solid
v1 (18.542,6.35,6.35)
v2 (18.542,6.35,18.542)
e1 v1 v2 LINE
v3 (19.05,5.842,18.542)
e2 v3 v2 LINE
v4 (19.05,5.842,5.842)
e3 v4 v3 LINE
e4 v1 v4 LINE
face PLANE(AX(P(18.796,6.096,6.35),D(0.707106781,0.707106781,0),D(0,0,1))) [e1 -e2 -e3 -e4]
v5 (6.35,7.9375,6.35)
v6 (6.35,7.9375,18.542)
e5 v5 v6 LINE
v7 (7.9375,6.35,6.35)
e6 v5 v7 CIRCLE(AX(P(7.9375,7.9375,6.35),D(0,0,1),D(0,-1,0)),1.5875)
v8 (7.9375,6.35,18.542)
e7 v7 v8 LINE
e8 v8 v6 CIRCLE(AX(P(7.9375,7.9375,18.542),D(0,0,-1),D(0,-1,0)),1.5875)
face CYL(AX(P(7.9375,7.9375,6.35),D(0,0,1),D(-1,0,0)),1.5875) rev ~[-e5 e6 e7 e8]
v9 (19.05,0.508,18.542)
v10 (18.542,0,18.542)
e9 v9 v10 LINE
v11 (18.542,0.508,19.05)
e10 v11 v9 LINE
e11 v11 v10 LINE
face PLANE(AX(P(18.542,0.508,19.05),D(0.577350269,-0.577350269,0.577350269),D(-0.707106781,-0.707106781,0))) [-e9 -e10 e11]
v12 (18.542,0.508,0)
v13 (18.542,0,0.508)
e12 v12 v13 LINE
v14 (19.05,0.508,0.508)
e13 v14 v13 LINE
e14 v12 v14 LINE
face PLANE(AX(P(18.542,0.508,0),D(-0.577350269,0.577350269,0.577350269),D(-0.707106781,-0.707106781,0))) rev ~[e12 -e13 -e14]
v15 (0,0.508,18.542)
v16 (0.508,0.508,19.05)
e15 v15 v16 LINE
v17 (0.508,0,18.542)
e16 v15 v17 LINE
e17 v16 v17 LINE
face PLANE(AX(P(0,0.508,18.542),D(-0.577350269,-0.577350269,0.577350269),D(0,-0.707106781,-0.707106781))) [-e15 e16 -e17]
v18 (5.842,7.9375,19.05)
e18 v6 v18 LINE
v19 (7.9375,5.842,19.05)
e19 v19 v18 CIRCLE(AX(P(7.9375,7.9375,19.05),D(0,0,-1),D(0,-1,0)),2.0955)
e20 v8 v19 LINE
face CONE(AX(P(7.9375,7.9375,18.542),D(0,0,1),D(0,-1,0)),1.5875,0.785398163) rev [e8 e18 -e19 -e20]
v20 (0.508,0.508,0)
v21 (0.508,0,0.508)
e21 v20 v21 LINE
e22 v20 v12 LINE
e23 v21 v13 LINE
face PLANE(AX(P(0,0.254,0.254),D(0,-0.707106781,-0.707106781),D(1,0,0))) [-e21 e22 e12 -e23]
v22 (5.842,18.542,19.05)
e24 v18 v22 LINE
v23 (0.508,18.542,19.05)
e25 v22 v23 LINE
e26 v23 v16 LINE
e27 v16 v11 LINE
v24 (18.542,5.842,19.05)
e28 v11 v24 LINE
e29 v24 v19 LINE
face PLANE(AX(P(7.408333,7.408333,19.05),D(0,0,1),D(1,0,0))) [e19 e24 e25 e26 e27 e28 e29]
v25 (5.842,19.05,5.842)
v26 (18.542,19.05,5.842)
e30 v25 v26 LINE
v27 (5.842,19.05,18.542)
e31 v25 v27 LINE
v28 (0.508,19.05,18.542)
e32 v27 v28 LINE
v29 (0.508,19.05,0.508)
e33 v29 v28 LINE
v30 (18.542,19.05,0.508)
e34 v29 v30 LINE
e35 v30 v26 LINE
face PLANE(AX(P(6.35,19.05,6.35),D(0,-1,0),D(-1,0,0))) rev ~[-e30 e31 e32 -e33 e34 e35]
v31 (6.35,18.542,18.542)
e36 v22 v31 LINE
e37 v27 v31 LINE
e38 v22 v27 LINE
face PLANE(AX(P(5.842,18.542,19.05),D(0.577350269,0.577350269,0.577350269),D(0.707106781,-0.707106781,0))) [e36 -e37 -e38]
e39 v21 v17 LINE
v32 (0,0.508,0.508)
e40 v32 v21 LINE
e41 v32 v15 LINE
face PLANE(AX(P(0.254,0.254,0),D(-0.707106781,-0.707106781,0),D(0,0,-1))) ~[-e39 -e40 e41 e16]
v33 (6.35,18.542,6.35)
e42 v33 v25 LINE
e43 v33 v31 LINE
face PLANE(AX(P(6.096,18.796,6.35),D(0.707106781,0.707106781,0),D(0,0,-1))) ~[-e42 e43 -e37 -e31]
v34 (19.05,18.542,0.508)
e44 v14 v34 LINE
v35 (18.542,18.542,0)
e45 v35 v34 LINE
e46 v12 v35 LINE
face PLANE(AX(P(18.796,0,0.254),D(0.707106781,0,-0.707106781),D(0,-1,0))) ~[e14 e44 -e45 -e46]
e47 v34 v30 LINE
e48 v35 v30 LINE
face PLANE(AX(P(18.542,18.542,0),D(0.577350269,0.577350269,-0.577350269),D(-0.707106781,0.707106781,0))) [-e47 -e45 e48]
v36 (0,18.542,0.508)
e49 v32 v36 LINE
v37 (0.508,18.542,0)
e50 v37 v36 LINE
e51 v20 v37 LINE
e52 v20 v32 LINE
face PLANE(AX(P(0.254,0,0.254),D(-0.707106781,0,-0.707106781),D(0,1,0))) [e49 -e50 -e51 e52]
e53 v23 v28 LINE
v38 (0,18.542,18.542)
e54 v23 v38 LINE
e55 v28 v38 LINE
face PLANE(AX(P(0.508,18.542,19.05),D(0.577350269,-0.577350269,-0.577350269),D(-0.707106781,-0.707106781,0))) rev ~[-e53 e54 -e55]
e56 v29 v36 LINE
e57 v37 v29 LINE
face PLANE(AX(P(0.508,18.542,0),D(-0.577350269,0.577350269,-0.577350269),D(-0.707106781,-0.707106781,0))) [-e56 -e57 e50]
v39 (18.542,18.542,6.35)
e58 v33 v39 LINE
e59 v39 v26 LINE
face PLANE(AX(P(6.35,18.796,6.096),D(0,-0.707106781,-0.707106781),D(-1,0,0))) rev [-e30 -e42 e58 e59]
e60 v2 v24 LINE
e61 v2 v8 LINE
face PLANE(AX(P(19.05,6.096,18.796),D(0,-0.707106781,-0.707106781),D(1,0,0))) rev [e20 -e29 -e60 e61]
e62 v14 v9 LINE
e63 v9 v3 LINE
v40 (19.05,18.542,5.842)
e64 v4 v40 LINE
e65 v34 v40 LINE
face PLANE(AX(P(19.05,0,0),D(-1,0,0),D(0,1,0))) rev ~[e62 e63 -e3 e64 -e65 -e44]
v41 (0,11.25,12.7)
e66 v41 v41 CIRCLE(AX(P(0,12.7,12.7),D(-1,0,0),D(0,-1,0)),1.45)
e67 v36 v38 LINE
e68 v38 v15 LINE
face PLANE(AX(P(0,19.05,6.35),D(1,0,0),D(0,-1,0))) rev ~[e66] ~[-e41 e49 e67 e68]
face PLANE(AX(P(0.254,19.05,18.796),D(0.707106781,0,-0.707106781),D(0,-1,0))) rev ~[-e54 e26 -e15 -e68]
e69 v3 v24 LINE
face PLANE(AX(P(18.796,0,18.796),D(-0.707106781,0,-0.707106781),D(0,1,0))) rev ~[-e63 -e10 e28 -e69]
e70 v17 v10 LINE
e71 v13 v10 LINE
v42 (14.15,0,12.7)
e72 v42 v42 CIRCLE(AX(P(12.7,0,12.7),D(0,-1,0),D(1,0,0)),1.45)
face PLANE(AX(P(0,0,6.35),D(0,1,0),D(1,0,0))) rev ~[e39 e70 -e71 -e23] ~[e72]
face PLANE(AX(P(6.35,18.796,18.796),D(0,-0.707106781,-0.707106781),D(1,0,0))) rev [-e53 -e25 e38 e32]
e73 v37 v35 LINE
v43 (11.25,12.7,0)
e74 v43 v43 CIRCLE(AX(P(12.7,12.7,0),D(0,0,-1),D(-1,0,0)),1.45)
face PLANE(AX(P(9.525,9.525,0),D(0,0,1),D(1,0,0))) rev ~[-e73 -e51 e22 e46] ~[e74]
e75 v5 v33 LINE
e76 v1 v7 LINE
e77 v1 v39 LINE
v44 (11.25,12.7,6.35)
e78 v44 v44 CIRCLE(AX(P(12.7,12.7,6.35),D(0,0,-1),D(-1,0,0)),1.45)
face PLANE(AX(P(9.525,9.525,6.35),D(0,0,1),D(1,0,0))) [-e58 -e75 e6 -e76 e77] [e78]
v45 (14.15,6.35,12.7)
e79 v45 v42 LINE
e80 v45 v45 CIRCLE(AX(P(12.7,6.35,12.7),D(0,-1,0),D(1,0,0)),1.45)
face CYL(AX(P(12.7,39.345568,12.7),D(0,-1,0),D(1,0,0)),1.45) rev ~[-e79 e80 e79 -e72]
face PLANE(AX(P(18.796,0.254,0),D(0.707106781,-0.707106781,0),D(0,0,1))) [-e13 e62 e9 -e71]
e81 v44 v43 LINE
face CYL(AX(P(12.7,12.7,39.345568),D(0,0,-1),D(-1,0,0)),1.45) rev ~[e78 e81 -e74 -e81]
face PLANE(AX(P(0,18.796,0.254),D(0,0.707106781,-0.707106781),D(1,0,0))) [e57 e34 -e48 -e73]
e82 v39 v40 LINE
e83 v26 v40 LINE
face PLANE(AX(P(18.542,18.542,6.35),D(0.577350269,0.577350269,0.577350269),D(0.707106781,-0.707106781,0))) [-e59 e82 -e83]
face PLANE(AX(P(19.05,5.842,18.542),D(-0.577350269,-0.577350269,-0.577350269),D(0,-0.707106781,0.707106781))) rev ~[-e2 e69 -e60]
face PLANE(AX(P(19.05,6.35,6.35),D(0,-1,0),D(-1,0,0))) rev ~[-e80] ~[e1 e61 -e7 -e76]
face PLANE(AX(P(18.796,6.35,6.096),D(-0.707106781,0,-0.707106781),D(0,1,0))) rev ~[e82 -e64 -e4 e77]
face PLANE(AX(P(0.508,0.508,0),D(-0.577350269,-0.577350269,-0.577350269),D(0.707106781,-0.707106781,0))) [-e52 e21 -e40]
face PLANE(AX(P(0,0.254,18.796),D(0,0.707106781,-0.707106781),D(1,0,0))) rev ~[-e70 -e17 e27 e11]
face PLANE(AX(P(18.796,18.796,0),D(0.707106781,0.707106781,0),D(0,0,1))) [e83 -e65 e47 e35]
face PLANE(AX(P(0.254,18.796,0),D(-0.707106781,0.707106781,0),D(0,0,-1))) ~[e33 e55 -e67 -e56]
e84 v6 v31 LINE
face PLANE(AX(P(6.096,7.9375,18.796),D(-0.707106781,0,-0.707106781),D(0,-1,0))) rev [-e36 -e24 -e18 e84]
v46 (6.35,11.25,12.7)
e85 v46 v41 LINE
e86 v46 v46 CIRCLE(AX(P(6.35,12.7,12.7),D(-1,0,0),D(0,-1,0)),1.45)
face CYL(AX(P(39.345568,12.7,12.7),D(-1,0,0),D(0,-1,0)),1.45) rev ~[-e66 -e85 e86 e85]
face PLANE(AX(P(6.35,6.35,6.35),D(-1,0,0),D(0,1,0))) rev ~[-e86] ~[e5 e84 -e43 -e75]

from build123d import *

# Parameters (mm, degrees)
F0_W       = 19.05
F0_H       = 19.05
F1_DEPTH   = 6.35
F3_DEPTH   = 12.7
F7_D       = 2.9
F7_ON_F6_D = 2.9
F7_ON_F5_D = 2.9
F8_R       = 1.5875
F9_SIZE    = 0.508


with BuildPart() as f1:
    # F0 (on Top) → F1 (new body)
    with BuildSketch(Plane.XY):
        with Locations((9.525, 9.525)):
            Rectangle(F0_W, F0_H)
    extrude(amount=F1_DEPTH)

    # F2 (on face) → F3 (join)
    with BuildSketch(Plane.XY.offset(6.35)):
        Polygon((6.35, 19.05), (0, 19.05), (0, 0), (19.05, 0), (19.05, 6.35), (6.35, 6.35), align=None)
    extrude(amount=F3_DEPTH)

    # F7 (through all)
    with Locations(Plane.YZ.offset(6.35)):
        with Locations((12.7, 12.7)):
            Hole(F7_D / 2)

    # F7 on F6 (through all)
    with Locations(Plane(origin=(0, 6.35, 0), x_dir=(-1, 0, 0), z_dir=(0, 1, 0))):
        with Locations((-12.7, 12.7)):
            Hole(F7_ON_F6_D / 2)

    # F7 on F5 (through all)
    with Locations(Plane.XY.offset(6.35)):
        with Locations((12.7, 12.7)):
            Hole(F7_ON_F5_D / 2)

    # F8
    f8_edges = [f1.edges().sort_by_distance(p)[0] for p in [
        (6.35, 6.35, 12.7),
    ]]
    fillet(f8_edges, radius=F8_R)

    # F9
    f9_edges = [f1.edges().sort_by_distance(p)[0] for p in [
        (19.05, 19.05, 3.175),
        (12.7, 19.05, 6.35),
        (6.35, 19.05, 12.7),
        (0, 19.05, 9.525),
        (3.175, 19.05, 19.05),
        (6.35, 13.49375, 19.05),
        (19.05, 6.35, 12.7),
        (19.05, 12.7, 6.35),
        (19.05, 0, 9.525),
        (19.05, 3.175, 19.05),
        (13.49375, 6.35, 19.05),
        (6.814968, 6.814968, 19.05),
        (9.525, 0, 19.05),
        (0, 9.525, 19.05),
        (0, 0, 9.525),
        (19.05, 9.525, 0),
        (9.525, 19.05, 0),
        (0, 9.525, 0),
        (9.525, 0, 0),
    ]]
    chamfer(f9_edges, length=F9_SIZE)


solid = f1.part
